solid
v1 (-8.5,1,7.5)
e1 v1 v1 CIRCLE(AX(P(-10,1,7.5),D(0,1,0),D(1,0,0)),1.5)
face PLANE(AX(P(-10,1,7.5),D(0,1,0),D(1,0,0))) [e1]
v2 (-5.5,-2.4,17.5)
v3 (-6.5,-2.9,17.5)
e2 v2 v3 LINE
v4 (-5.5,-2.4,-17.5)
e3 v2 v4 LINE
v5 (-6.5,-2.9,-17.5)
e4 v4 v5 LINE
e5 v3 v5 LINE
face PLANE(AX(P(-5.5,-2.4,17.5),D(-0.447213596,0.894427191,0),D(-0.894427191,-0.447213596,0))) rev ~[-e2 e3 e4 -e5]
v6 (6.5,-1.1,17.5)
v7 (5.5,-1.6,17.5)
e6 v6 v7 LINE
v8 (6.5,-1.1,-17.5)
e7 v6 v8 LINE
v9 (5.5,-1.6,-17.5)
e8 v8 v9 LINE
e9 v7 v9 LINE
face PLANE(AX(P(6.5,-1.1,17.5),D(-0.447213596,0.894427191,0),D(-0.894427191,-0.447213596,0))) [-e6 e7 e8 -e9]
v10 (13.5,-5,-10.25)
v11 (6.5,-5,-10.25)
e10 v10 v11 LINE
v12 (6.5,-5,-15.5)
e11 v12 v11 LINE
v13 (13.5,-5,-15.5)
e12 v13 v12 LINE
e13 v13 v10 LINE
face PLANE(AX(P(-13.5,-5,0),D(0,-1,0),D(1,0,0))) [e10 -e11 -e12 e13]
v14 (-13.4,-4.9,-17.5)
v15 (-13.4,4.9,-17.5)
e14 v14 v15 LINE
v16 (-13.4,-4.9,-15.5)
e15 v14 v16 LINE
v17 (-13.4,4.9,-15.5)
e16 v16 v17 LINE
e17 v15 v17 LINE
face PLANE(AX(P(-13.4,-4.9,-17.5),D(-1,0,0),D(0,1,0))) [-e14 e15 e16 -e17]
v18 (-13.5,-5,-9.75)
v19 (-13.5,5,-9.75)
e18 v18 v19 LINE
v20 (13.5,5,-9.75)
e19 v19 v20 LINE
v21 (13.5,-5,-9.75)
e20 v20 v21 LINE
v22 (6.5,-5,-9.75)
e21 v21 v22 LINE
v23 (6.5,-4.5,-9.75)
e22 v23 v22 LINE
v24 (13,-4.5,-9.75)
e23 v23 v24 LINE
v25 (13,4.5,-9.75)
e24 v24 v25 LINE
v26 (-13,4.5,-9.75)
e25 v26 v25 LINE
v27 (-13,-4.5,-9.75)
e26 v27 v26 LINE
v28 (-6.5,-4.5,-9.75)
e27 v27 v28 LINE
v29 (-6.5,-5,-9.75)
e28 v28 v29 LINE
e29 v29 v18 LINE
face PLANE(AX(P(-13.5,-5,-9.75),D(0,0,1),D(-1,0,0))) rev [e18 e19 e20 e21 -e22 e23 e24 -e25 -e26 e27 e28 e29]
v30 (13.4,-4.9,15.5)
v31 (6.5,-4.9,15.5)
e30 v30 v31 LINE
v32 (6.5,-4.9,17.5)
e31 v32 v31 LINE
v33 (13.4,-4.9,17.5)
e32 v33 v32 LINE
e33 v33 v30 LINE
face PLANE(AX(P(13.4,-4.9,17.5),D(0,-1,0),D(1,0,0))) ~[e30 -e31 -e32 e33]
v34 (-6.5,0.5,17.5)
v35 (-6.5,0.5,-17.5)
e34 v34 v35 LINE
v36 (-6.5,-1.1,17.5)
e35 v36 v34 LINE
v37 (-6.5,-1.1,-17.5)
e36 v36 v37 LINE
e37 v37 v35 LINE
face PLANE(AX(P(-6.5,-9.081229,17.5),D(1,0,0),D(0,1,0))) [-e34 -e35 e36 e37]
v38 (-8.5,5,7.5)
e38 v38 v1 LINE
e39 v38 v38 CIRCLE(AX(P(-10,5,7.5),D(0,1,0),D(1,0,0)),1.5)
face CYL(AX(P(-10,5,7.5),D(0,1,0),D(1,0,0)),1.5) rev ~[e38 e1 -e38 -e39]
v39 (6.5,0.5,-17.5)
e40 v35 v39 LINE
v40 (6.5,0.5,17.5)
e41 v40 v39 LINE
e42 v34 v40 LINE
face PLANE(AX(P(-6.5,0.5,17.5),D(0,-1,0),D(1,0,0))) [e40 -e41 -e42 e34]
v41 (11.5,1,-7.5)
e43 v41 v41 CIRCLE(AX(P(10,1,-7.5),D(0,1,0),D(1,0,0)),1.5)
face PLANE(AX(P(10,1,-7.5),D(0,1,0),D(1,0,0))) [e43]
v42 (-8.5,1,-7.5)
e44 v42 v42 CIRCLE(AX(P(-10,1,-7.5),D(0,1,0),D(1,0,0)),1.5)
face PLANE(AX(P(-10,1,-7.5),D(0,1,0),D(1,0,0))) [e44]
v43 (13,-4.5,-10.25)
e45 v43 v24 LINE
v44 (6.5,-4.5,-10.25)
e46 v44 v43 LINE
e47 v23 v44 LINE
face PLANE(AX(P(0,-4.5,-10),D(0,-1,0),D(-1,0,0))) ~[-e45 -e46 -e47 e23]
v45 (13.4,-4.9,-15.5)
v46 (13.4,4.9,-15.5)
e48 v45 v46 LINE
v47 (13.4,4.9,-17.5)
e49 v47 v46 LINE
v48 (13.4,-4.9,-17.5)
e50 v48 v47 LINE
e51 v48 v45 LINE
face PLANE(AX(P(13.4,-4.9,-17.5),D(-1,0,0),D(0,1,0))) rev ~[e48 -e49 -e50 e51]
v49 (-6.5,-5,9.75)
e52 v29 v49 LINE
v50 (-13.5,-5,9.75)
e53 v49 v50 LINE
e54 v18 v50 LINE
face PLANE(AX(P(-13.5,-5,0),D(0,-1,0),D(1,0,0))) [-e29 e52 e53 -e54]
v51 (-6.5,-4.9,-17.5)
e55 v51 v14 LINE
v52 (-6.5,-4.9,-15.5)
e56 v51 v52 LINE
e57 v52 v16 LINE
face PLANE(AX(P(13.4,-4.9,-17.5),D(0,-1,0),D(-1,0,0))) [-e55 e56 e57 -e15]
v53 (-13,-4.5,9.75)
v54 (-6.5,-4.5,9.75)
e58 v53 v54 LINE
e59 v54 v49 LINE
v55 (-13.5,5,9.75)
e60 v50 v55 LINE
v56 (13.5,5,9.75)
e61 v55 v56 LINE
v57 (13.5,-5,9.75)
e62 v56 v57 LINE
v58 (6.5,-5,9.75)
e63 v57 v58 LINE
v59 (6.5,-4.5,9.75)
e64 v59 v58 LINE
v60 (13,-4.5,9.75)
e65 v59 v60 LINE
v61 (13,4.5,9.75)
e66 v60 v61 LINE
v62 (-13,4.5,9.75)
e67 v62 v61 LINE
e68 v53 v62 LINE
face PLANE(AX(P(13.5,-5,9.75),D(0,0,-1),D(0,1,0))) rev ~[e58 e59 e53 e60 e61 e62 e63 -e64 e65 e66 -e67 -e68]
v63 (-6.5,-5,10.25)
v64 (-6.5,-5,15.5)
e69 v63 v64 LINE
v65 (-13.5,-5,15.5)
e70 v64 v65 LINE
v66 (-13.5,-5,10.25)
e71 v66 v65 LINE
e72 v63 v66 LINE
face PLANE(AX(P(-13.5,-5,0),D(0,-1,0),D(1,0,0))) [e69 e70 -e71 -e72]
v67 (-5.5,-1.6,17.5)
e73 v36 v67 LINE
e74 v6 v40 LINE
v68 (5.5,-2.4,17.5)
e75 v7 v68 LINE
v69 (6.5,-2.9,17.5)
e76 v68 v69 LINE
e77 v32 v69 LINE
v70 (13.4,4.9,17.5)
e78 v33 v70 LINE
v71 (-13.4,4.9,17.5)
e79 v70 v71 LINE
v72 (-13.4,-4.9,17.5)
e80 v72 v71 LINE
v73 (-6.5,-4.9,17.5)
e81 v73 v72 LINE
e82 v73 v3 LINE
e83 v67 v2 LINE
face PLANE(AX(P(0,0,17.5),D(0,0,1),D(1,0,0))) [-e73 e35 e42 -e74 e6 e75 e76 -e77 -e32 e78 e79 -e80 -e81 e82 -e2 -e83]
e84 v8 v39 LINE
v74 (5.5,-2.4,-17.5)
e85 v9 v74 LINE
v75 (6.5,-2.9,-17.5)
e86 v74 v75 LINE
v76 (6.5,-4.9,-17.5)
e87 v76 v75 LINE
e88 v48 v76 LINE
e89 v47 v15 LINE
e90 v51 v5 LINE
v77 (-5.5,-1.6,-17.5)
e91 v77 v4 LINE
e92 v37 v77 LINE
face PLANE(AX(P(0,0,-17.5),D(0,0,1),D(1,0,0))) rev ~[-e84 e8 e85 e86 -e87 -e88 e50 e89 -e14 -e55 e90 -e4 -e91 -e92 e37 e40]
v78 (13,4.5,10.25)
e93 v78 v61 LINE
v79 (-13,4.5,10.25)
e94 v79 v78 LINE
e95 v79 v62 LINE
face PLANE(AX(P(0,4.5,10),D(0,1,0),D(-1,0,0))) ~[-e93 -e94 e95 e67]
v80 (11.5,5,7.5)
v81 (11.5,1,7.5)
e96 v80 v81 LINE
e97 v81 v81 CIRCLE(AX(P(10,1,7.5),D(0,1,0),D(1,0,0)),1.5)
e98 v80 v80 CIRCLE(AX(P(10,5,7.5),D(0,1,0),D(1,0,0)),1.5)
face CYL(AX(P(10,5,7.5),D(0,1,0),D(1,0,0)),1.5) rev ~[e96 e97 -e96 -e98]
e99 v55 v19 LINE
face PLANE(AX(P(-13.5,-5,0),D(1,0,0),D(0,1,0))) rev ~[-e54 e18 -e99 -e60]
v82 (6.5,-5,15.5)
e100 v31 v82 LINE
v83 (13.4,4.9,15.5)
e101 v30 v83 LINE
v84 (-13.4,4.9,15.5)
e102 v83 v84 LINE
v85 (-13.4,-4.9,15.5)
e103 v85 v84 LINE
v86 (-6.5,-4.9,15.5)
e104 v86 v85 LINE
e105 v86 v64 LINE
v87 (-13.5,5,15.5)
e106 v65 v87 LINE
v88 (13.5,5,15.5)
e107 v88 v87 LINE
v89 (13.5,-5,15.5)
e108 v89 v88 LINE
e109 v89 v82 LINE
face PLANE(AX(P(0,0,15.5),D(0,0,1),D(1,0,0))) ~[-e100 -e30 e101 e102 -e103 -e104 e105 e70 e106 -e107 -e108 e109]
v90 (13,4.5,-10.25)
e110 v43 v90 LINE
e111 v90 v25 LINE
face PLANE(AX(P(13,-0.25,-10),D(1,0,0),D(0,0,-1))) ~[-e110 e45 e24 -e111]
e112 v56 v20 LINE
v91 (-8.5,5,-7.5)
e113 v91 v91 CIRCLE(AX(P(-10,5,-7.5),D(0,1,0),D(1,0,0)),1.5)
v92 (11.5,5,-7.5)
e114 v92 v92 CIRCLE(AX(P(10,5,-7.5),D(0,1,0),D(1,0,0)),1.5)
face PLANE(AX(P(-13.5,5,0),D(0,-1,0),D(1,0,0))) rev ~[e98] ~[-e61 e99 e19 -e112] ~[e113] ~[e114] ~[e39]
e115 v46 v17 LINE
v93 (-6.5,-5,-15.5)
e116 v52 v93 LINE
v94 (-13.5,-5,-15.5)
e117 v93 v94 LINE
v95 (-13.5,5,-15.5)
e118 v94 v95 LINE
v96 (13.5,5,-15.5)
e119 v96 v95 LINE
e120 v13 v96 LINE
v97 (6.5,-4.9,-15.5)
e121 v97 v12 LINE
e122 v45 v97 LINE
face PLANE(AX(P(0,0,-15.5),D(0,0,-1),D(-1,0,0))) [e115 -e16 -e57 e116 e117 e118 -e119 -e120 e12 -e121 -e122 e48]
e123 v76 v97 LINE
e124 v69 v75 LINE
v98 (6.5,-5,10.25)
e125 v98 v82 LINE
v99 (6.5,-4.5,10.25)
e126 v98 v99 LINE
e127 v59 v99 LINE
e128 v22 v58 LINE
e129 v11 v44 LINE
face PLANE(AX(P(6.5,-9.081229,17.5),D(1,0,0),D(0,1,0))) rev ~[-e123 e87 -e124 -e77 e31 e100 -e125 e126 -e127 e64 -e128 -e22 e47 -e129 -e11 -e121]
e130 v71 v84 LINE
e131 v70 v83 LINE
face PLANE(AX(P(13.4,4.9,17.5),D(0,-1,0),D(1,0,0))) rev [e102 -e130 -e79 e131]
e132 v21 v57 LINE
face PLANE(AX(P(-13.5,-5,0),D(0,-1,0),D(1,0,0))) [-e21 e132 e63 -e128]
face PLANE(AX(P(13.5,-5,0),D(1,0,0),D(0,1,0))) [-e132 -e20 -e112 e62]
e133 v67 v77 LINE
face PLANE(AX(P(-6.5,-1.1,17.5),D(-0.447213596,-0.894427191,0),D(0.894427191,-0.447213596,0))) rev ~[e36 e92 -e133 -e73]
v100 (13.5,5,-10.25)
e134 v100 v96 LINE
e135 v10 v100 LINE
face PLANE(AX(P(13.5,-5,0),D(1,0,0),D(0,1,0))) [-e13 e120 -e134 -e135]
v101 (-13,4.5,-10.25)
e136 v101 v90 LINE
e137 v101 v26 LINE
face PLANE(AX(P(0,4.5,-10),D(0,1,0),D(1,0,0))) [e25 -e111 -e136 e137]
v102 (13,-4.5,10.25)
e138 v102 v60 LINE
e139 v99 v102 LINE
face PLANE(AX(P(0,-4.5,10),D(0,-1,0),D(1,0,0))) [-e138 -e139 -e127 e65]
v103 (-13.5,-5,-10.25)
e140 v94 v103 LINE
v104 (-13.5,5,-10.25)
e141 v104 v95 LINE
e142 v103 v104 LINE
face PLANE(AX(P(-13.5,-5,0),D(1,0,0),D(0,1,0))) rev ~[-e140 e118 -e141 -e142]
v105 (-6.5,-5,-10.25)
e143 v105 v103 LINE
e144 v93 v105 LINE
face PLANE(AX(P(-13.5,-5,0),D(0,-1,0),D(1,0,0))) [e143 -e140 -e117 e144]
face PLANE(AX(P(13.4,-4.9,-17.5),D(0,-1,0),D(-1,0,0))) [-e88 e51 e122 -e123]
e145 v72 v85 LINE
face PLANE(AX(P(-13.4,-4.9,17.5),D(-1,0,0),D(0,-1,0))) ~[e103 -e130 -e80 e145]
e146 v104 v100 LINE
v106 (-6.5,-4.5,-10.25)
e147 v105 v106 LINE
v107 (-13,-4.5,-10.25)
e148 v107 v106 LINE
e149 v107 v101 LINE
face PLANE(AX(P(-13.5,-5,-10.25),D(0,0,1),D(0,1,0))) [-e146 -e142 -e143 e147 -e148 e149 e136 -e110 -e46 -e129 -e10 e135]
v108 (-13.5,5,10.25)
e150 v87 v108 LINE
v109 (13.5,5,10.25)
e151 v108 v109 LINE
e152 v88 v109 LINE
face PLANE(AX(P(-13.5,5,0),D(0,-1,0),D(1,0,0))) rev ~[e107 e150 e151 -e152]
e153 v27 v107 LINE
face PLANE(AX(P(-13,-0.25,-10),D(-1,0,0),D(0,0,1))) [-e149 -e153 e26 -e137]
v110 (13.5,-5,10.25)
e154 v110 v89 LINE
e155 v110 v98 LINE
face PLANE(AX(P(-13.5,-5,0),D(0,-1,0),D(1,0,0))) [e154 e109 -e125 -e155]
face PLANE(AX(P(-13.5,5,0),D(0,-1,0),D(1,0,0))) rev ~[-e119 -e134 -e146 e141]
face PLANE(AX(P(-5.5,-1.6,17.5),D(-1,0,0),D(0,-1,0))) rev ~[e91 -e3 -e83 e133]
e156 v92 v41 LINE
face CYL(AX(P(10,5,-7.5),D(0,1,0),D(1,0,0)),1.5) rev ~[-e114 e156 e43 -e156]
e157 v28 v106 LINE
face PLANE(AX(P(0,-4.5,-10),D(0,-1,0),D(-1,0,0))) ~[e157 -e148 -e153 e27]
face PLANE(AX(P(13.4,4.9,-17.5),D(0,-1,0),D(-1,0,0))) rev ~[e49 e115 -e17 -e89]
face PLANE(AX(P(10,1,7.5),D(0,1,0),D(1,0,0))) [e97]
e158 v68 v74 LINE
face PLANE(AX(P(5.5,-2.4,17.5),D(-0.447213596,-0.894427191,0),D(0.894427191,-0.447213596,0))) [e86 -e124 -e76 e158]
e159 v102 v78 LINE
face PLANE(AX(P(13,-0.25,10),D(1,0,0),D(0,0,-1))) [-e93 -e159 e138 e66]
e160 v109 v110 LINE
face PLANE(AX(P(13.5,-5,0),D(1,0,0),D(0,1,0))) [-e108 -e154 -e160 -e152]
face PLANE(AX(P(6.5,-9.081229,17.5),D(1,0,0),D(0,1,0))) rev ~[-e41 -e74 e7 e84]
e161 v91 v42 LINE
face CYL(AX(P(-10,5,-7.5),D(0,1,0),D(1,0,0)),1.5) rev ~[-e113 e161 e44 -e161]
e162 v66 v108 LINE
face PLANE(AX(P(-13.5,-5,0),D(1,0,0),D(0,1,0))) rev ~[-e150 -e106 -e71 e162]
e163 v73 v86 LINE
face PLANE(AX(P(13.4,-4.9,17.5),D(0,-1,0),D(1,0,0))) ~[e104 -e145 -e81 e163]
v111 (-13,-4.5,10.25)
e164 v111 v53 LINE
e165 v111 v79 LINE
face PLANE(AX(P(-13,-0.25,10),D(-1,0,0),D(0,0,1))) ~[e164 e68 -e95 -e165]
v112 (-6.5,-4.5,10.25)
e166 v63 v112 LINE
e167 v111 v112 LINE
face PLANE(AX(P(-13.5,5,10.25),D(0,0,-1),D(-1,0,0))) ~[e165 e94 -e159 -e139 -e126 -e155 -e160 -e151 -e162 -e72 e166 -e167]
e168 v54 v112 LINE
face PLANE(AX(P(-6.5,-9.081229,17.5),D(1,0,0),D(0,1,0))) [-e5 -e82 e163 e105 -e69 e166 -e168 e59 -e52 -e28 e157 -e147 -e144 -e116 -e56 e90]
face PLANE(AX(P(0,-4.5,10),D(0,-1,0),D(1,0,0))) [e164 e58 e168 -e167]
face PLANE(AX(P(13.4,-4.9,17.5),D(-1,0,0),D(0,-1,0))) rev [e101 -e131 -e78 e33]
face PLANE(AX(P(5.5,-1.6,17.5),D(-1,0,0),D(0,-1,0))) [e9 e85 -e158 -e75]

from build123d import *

# Parameters (mm, degrees)
SKETCH_2_W               = 27
SKETCH_2_H               = 10
EXTRUDE_1_DEPTH          = 17.5
SKETCH_4_R               = 1.5
CUT_EXTRUDE_1_DEPTH      = 4
SKETCH_6_W               = 27
SKETCH_6_H               = 0.5
CUT_EXTRUDE_2_DEPTH      = 0.5
SKETCH_7_W               = 0.5
SKETCH_7_H               = 9.5
CUT_EXTRUDE_3_DEPTH      = 0.5
SKETCH_12_W              = 27
SKETCH_12_H              = 10
SKETCH_12_W_2            = 26.8
SKETCH_12_H_2            = 9.8
CUT_EXTRUDE_5_DEPTH      = 2
MIRROR_3_COPY_1_SKETCH_W = 0.5
MIRROR_3_COPY_1_SKETCH_H = 9.5
MIRROR_3_COPY_1_DEPTH    = 0.5
MIRROR_3_COPY_2_SKETCH_W = 27
MIRROR_3_COPY_2_SKETCH_H = 0.5
MIRROR_3_COPY_2_DEPTH    = 0.5
SKETCH_5_W               = 13
SKETCH_5_H               = 9.581228834
CUT_EXTRUDE_4_DEPTH      = 97
EXTRUDE_3_DEPTH          = 35


with BuildPart() as part:
    # 草图2 → 凸台-拉伸1 (new body, symmetric)
    with BuildSketch(Plane.XY):
        Rectangle(SKETCH_2_W, SKETCH_2_H)
    extrude(amount=EXTRUDE_1_DEPTH, both=True)

    # 草图4 → 切除-拉伸1 (cut)
    with BuildSketch(Plane(origin=(0, 5, 0), x_dir=(1, 0, 0), z_dir=(0, 1, 0))):
        with Locations((-10, 7.5)):
            Circle(SKETCH_4_R)
        with Locations((10, 7.5)):
            Circle(SKETCH_4_R)
        with Locations((-10, -7.5)):
            Circle(SKETCH_4_R)
        with Locations((10, -7.5)):
            Circle(SKETCH_4_R)
    extrude(amount=-CUT_EXTRUDE_1_DEPTH, mode=Mode.SUBTRACT)

    # 草图6 → 切除-拉伸2 (cut)
    with BuildSketch(Plane(origin=(0, 5, 0), x_dir=(1, 0, 0), z_dir=(0, 1, 0))):
        with Locations((0, 10)):
            Rectangle(SKETCH_6_W, SKETCH_6_H)
    cut_extrude_2 = extrude(amount=-CUT_EXTRUDE_2_DEPTH, mode=Mode.SUBTRACT)

    # 草图7 → 切除-拉伸3 (cut)
    with BuildSketch(Plane.ZY.offset(13.5)):
        with Locations((-10, -0.25)):
            Rectangle(SKETCH_7_W, SKETCH_7_H)
    cut_extrude_3 = extrude(amount=-CUT_EXTRUDE_3_DEPTH, mode=Mode.SUBTRACT)

    # 草图12 → 切除-拉伸5 (cut)
    with BuildSketch(Plane(origin=(0, 0, -17.5), x_dir=(-1, 0, 0), z_dir=(0, 0, -1))):
        Rectangle(SKETCH_12_W, SKETCH_12_H)
        Rectangle(SKETCH_12_W_2, SKETCH_12_H_2, mode=Mode.SUBTRACT)
    cut_extrude_5 = extrude(amount=-CUT_EXTRUDE_5_DEPTH, mode=Mode.SUBTRACT)

    # 镜向1: 切除-拉伸2 across plane
    add(cut_extrude_2.mirror(Plane.ZX), mode=Mode.SUBTRACT)

    # 镜向2: 切除-拉伸3 across plane
    add(cut_extrude_3.mirror(Plane(origin=(0, 0, 0), x_dir=(0, 0, 1), z_dir=(1, 0, 0))), mode=Mode.SUBTRACT)

    # 镜向3: 切除-拉伸5, 切除-拉伸2, 切除-拉伸3 across plane
    add(cut_extrude_5.mirror(Plane.XY), mode=Mode.SUBTRACT)
    add(cut_extrude_2.mirror(Plane.XY), mode=Mode.SUBTRACT)
    add(cut_extrude_3.mirror(Plane.XY), mode=Mode.SUBTRACT)

    # 镜向3 copy 1 sketch → 镜向3 copy 1 (cut)
    with BuildSketch(Plane(origin=(13.5, 0, 0), x_dir=(0, 0, -1), z_dir=(1, 0, 0))):
        with Locations((-10, -0.25)):
            Rectangle(MIRROR_3_COPY_1_SKETCH_W, MIRROR_3_COPY_1_SKETCH_H)
    extrude(amount=-MIRROR_3_COPY_1_DEPTH, mode=Mode.SUBTRACT)

    # 镜向3 copy 2 sketch → 镜向3 copy 2 (cut)
    with BuildSketch(Plane.XZ.offset(5)):
        with Locations((0, 10)):
            Rectangle(MIRROR_3_COPY_2_SKETCH_W, MIRROR_3_COPY_2_SKETCH_H)
    extrude(amount=-MIRROR_3_COPY_2_DEPTH, mode=Mode.SUBTRACT)

    # 草图5 → 切除-拉伸4 (cut)
    with BuildSketch(Plane.XY.offset(17.5)):
        with Locations((0, -4.290614417)):
            Rectangle(SKETCH_5_W, SKETCH_5_H)
    extrude(amount=-CUT_EXTRUDE_4_DEPTH, mode=Mode.SUBTRACT)

    # 草图9 → 凸台-拉伸3 (add)
    with BuildSketch(Plane.XY.offset(17.5)):
        Polygon((-6.5, -1.1), (-5.5, -1.6), (-5.5, -2.4), (-6.5, -2.9), align=None)
        Polygon((5.5, -1.6), (5.5, -2.4), (6.5, -2.9), (6.5, -1.1), align=None)
    extrude(amount=-EXTRUDE_3_DEPTH)


solid = part.part
